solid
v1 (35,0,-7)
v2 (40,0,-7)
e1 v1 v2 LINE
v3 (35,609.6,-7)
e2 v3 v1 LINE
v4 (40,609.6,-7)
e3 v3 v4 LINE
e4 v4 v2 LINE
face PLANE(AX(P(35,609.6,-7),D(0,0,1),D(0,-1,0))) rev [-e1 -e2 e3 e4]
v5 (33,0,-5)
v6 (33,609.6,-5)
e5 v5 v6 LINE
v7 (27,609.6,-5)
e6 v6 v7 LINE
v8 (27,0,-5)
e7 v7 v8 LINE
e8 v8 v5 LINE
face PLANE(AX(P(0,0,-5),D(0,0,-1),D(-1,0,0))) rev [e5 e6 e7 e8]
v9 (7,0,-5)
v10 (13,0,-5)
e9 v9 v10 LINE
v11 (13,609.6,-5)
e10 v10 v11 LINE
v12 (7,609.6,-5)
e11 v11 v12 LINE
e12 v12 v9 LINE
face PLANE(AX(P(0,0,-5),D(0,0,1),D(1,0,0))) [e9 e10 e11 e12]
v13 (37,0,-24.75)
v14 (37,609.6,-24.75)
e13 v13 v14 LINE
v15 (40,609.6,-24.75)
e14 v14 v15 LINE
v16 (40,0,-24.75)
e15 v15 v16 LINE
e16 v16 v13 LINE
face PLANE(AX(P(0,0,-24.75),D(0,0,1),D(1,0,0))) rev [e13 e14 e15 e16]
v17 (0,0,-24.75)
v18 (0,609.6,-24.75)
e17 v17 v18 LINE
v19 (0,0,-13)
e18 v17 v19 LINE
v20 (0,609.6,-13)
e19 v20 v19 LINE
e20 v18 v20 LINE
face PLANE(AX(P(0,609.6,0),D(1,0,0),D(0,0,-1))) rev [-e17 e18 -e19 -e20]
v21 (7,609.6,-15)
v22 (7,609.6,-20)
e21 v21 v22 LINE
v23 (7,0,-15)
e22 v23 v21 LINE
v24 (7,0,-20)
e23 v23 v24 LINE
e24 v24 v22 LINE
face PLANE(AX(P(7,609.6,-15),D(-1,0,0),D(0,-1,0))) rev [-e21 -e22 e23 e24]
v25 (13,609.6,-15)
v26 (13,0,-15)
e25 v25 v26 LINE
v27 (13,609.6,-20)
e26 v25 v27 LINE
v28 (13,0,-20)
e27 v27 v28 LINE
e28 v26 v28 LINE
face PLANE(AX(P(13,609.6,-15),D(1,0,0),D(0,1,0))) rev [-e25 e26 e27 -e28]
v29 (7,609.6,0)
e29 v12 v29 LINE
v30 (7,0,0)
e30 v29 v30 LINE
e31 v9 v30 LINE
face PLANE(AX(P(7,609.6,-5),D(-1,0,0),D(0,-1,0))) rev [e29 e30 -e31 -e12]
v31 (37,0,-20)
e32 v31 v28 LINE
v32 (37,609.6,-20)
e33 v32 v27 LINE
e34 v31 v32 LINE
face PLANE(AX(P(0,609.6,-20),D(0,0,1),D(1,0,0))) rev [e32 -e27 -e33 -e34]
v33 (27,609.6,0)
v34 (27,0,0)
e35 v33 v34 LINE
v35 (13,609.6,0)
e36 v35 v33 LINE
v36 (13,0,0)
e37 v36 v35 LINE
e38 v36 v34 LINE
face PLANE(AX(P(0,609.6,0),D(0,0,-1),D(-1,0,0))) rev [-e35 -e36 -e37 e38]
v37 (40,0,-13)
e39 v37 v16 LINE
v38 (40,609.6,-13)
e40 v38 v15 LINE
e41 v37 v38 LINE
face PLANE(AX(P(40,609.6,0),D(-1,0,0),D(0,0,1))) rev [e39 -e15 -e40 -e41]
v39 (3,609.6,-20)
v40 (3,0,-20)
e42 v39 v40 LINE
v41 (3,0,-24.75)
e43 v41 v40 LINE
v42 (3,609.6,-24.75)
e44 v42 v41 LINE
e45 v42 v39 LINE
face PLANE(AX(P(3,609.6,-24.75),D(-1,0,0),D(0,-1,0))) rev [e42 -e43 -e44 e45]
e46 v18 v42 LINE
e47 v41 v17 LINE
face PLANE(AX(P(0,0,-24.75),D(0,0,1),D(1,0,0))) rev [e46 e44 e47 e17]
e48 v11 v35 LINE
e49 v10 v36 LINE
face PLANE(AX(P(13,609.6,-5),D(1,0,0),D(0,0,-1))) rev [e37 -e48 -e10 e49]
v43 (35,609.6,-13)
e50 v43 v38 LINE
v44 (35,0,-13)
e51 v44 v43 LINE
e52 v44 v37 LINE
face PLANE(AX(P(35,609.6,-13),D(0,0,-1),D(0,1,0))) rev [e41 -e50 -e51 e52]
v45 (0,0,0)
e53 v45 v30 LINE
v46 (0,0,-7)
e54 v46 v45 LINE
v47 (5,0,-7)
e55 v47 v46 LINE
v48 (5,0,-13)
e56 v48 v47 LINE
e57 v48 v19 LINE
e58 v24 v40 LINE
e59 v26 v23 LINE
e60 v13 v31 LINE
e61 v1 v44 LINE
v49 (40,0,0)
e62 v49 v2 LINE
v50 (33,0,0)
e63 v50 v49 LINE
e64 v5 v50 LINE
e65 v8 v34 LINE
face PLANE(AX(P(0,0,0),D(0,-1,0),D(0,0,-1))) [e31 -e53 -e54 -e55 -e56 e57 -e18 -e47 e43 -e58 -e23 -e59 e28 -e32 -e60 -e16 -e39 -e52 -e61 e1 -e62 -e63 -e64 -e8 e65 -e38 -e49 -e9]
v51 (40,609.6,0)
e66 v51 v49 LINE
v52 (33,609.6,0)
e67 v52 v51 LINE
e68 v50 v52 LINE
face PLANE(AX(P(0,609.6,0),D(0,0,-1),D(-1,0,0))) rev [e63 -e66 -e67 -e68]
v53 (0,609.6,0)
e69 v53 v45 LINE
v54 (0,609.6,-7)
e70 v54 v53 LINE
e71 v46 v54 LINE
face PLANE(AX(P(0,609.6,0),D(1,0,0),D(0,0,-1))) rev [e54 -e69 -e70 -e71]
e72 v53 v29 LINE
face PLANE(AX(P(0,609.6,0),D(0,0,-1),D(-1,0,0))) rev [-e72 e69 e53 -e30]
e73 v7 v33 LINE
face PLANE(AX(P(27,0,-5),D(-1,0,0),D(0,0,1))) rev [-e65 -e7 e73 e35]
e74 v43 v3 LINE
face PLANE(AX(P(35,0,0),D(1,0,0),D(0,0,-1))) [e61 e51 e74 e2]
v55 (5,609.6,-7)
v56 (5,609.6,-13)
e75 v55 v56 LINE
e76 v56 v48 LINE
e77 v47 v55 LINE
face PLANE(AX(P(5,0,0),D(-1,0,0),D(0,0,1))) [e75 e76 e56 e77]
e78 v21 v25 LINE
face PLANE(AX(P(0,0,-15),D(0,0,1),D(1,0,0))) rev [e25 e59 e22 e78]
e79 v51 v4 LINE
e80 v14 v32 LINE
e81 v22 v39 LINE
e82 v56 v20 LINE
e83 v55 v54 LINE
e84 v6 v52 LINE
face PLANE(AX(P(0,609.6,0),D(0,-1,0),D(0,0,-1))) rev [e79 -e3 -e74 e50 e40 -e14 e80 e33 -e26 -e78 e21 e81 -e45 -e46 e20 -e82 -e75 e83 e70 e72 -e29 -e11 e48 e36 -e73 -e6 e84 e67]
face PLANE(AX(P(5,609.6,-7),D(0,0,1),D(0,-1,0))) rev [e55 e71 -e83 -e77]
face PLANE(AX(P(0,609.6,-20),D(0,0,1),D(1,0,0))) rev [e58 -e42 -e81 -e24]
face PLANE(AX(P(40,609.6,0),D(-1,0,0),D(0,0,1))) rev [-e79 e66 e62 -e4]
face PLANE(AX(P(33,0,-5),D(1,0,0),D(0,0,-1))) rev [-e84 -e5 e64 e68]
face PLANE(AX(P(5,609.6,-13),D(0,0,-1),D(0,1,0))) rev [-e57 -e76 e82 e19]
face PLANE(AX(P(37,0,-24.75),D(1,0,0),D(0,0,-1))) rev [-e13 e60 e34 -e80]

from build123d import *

# Parameters (mm, degrees)
SKETCH1_W           = 40
SKETCH1_H           = 20
BOSS_EXTRUDE1_DEPTH = 609.6
SKETCH2_W           = 6
SKETCH2_H           = 609.6
CUT_EXTRUDE1_DEPTH  = 5
SKETCH3_W           = 6
SKETCH3_H           = 609.6
CUT_EXTRUDE2_DEPTH  = 5
SKETCH4_W           = 6
SKETCH4_H           = 609.6
CUT_EXTRUDE3_DEPTH  = 5
SKETCH5_W           = 6
SKETCH5_H           = 609.6
CUT_EXTRUDE4_DEPTH  = 5
SKETCH6_W           = 3
SKETCH6_H           = 609.6
BOSS_EXTRUDE2_DEPTH = 4.75


with BuildPart() as part:
    # Sketch1 → Boss-Extrude1 (new body)
    with BuildSketch(Plane(origin=(0, 0, 0), x_dir=(1, 0, 0), z_dir=(0, 1, 0))):
        with Locations((20, 10)):
            Rectangle(SKETCH1_W, SKETCH1_H)
    extrude(amount=BOSS_EXTRUDE1_DEPTH)

    # Sketch2 → Cut-Extrude1 (cut)
    with BuildSketch(Plane.XY):
        with Locations((10, 304.8)):
            Rectangle(SKETCH2_W, SKETCH2_H)
        with Locations((30, 304.8)):
            Rectangle(SKETCH2_W, SKETCH2_H)
    extrude(amount=-CUT_EXTRUDE1_DEPTH, mode=Mode.SUBTRACT)

    # Sketch3 → Cut-Extrude2 (cut)
    with BuildSketch(Plane.ZY):
        with Locations((-10, 304.8)):
            Rectangle(SKETCH3_W, SKETCH3_H)
    extrude(amount=-CUT_EXTRUDE2_DEPTH, mode=Mode.SUBTRACT)

    # Sketch4 → Cut-Extrude3 (cut)
    with BuildSketch(Plane(origin=(40, 0, 0), x_dir=(0, 0, -1), z_dir=(1, 0, 0))):
        with Locations((10, 304.8)):
            Rectangle(SKETCH4_W, SKETCH4_H)
    extrude(amount=-CUT_EXTRUDE3_DEPTH, mode=Mode.SUBTRACT)

    # Sketch5 → Cut-Extrude4 (cut)
    with BuildSketch(Plane(origin=(0, 0, -20), x_dir=(-1, 0, 0), z_dir=(0, 0, -1))):
        with Locations((-10, 304.8)):
            Rectangle(SKETCH5_W, SKETCH5_H)
    extrude(amount=-CUT_EXTRUDE4_DEPTH, mode=Mode.SUBTRACT)

    # Sketch6 → Boss-Extrude2 (add)
    with BuildSketch(Plane(origin=(0, 0, -20), x_dir=(-1, 0, 0), z_dir=(0, 0, -1))):
        with Locations((-38.5, 304.8)):
            Rectangle(SKETCH6_W, SKETCH6_H)
        with Locations((-1.5, 304.8)):
            Rectangle(SKETCH6_W, SKETCH6_H)
    extrude(amount=BOSS_EXTRUDE2_DEPTH)


solid = part.part
